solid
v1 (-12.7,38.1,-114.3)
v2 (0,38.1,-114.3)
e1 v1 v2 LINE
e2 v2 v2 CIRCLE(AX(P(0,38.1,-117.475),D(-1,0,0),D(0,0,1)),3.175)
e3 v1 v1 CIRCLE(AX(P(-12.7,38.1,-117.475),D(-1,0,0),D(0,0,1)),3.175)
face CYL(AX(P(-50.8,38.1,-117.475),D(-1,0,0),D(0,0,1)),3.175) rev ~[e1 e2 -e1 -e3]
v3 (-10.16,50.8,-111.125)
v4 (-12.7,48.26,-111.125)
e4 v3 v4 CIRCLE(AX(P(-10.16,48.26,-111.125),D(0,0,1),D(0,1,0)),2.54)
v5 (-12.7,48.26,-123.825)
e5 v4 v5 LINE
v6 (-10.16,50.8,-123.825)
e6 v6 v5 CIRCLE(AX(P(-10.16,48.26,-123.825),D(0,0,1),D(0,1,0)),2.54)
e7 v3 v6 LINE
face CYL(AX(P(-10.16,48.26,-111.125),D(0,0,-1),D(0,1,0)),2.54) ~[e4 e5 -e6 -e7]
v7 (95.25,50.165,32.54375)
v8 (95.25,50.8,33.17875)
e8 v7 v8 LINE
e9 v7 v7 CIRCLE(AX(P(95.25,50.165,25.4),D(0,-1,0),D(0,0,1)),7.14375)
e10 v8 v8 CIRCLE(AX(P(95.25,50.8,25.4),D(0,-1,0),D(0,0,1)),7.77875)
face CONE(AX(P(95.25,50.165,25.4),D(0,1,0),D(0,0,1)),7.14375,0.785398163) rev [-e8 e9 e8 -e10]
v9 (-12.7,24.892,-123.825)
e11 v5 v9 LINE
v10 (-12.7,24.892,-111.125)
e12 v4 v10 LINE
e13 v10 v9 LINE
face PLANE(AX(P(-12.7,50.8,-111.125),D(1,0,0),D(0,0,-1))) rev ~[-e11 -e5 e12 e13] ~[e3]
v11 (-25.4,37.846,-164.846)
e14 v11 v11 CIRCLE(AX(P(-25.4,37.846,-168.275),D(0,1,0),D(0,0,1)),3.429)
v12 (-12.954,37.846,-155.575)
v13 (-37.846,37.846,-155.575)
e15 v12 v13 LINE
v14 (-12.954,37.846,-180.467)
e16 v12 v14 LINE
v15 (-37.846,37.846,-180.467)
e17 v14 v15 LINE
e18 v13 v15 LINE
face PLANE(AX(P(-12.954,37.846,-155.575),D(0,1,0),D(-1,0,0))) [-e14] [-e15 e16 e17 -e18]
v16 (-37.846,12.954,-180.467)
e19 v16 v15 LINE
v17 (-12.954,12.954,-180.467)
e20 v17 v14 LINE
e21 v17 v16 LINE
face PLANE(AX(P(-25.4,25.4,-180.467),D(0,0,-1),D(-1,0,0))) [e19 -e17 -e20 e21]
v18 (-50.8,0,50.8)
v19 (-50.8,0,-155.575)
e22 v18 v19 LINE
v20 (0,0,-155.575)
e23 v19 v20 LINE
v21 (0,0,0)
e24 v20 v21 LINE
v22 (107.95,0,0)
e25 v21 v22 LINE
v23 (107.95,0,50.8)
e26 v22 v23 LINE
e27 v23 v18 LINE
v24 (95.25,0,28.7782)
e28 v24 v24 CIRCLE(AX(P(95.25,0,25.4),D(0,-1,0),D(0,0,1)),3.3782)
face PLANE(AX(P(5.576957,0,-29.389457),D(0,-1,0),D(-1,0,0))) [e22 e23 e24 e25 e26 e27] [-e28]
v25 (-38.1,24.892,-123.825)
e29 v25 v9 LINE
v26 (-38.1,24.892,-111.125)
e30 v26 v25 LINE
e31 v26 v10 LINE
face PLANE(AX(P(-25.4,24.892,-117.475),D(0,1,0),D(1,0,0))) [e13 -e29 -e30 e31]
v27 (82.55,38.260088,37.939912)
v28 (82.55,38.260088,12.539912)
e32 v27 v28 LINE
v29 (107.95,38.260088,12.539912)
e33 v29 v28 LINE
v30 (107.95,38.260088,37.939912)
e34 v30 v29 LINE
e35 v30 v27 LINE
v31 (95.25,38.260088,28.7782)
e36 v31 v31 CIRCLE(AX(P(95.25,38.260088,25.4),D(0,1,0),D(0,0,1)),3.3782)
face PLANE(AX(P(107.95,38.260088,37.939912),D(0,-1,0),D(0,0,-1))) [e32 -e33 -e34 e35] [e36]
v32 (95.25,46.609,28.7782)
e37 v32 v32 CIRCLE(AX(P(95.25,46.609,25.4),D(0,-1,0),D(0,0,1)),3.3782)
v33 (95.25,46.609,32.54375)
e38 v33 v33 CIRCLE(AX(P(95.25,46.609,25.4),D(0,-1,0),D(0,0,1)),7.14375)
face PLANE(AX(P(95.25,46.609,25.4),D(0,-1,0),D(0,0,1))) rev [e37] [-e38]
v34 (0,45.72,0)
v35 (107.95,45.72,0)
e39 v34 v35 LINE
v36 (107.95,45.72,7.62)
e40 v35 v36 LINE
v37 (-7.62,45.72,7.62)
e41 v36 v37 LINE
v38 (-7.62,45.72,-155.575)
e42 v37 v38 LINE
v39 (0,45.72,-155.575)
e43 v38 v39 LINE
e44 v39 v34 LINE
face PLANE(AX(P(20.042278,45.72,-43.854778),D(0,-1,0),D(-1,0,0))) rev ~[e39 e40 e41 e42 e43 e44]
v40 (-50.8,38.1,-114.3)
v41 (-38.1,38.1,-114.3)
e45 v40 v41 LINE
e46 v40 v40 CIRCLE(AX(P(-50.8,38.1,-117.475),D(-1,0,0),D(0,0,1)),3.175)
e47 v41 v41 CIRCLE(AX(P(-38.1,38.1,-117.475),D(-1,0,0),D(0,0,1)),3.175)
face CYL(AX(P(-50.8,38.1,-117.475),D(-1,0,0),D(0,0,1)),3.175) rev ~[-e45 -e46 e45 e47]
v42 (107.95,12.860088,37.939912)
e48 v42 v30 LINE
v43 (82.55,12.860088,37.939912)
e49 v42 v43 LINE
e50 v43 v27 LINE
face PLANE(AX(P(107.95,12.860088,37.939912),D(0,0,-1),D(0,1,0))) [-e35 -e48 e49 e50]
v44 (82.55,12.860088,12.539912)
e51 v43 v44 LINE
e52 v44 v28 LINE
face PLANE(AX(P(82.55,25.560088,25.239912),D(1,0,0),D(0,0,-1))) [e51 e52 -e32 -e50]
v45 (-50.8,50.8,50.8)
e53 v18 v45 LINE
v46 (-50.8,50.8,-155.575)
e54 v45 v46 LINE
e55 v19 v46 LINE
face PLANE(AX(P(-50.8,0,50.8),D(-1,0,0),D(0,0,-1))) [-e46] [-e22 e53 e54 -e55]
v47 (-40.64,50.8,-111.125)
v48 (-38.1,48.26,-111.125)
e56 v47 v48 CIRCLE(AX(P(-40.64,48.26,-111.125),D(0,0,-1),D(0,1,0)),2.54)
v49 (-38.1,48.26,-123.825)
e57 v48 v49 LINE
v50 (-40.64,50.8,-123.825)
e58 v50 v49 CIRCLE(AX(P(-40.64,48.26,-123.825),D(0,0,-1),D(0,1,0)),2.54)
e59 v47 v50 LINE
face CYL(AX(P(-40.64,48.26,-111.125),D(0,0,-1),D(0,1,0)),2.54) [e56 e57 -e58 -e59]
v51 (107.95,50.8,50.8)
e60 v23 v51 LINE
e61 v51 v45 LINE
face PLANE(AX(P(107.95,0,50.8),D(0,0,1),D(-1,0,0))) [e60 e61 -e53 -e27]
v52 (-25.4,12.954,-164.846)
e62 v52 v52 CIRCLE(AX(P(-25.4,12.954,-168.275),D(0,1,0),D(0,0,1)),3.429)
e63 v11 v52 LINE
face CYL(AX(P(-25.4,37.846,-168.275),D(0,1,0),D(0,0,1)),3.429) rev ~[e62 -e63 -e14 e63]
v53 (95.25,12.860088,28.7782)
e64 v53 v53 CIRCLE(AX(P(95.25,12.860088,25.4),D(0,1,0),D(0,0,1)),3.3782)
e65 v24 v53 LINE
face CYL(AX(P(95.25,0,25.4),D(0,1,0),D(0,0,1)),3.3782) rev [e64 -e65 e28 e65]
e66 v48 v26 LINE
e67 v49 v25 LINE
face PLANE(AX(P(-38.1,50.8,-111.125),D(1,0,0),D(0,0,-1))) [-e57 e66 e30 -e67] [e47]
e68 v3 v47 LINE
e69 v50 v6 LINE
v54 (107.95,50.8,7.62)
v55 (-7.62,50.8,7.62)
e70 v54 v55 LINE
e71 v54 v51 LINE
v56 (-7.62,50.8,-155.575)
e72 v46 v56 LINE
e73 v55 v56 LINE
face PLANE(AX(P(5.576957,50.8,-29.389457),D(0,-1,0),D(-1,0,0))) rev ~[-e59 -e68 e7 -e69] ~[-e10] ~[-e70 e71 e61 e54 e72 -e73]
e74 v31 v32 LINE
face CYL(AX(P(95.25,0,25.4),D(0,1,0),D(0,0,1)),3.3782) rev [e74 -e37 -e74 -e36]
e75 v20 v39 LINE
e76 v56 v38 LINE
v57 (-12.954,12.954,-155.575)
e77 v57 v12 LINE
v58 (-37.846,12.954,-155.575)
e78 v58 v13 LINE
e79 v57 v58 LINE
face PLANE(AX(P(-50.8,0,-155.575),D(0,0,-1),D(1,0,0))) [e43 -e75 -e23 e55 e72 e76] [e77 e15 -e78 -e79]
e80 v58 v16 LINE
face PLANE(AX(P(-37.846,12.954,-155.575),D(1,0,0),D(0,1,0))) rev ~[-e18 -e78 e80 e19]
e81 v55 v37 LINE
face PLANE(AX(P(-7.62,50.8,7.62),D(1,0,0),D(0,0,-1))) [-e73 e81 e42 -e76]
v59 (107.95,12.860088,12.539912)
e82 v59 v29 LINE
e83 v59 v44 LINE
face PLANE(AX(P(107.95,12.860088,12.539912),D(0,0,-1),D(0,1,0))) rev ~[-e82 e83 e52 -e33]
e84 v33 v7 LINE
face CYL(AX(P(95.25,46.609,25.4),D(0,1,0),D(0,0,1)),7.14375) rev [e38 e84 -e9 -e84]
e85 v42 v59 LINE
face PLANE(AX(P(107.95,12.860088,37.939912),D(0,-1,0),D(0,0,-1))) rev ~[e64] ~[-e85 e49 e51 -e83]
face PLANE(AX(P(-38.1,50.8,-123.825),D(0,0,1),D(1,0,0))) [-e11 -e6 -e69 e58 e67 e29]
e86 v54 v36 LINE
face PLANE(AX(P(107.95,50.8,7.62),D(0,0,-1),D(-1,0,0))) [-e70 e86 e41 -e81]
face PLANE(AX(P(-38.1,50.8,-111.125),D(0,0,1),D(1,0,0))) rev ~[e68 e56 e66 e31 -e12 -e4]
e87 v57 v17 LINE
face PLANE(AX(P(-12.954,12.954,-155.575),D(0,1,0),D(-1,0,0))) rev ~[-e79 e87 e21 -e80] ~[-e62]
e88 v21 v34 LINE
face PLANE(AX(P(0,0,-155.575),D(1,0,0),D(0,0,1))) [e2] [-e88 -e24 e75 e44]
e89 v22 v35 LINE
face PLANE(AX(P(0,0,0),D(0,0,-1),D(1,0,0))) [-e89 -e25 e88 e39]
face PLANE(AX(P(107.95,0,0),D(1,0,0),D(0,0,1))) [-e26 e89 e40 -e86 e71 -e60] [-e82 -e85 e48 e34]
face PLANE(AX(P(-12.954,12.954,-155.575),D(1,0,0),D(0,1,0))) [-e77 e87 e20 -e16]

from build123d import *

# Parameters (mm, degrees)
BOSS_EXTRUDE1_DEPTH = 50.8
SKETCH3_W           = 25.4
SKETCH3_H           = 25.4
CUT_EXTRUDE1_DEPTH  = 25.4
SKETCH8_W           = 24.892
SKETCH8_H           = 24.892
BOSS_EXTRUDE2_DEPTH = 24.892
SKETCH12_R          = 3.429
CUT_EXTRUDE2_DEPTH  = 25.4
SKETCH13_W          = 25.4
SKETCH13_H          = 12.7
CUT_EXTRUDE3_DEPTH  = 25.908
FILLET1_R           = 2.54
SKETCH14_R          = 3.175
CUT_EXTRUDE5_DEPTH  = 246.663470197
CUT_EXTRUDE6_DEPTH  = 5.08


with BuildPart() as part:
    # Sketch2 → Boss-Extrude1 (new body)
    with BuildSketch(Plane(origin=(0, 0, 0), x_dir=(1, 0, 0), z_dir=(0, 1, 0))):
        Polygon((-50.8, 155.575), (0, 155.575), (0, 0), (107.95, 0), (107.95, -50.8), (-50.8, -50.8), align=None)
    extrude(amount=BOSS_EXTRUDE1_DEPTH)

    # Sketch3 → Cut-Extrude1 (cut)
    with BuildSketch(Plane(origin=(107.95, 0, 0), x_dir=(0, 0, -1), z_dir=(1, 0, 0))):
        with Locations((-25.239912, 25.560088)):
            Rectangle(SKETCH3_W, SKETCH3_H)
    extrude(amount=-CUT_EXTRUDE1_DEPTH, mode=Mode.SUBTRACT)

    # Sketch7 → CBORE for 1/4 Binding Head Machine Screw1 (revolve, cut)
    with BuildSketch(Plane(origin=(95.25, 50.8, 25.4), x_dir=(0, 0, 1), z_dir=(1, 0, 0))):
        Polygon((0, 0), (0, 50.8), (3.3782, 50.8), (3.3782, 4.191), (7.14375, 4.191), (7.14375, 0.635), (7.77875, 0), align=None)
    revolve(axis=Axis((95.25, 57.15, 25.4), (0, -1, 0)), mode=Mode.SUBTRACT)

    # Sketch8 → Boss-Extrude2 (add)
    with BuildSketch(Plane(origin=(0, 0, -155.575), x_dir=(-1, 0, 0), z_dir=(0, 0, -1))):
        with Locations((25.4, 25.4)):
            Rectangle(SKETCH8_W, SKETCH8_H)
    extrude(amount=BOSS_EXTRUDE2_DEPTH)

    # Sketch12 → Cut-Extrude2 (cut)
    with BuildSketch(Plane(origin=(0, 37.846, 0), x_dir=(1, 0, 0), z_dir=(0, 1, 0))):
        with Locations(Location((-25.4, 168.275, 0), (0, 0, 270))):
            Circle(SKETCH12_R)
    extrude(amount=-CUT_EXTRUDE2_DEPTH, mode=Mode.SUBTRACT)

    # Sketch13 → Cut-Extrude3 (cut)
    with BuildSketch(Plane(origin=(0, 50.8, 0), x_dir=(1, 0, 0), z_dir=(0, 1, 0))):
        with Locations((-25.4, 117.475)):
            Rectangle(SKETCH13_W, SKETCH13_H)
    extrude(amount=-CUT_EXTRUDE3_DEPTH, mode=Mode.SUBTRACT)

    # Fillet1
    fillet1_edges = [part.edges().sort_by_distance(p)[0] for p in [
        (-38.1, 50.8, -117.475),
        (-12.7, 50.8, -117.475),
    ]]
    fillet(fillet1_edges, radius=FILLET1_R)

    # Sketch14 → Cut-Extrude5 (cut, through all)
    with BuildSketch(Plane.ZY.offset(50.8)):
        with Locations((-117.475, 38.1)):
            Circle(SKETCH14_R)
    extrude(amount=-CUT_EXTRUDE5_DEPTH, mode=Mode.SUBTRACT)

    # Sketch17 → Cut-Extrude6 (cut)
    with BuildSketch(Plane(origin=(0, 50.8, 0), x_dir=(1, 0, 0), z_dir=(0, 1, 0))):
        Polygon((0, 155.575), (0, 0), (107.95, 0), (107.95, -7.62), (-7.62, -7.62), (-7.62, 155.575), align=None)
    extrude(amount=-CUT_EXTRUDE6_DEPTH, mode=Mode.SUBTRACT)


solid = part.part
